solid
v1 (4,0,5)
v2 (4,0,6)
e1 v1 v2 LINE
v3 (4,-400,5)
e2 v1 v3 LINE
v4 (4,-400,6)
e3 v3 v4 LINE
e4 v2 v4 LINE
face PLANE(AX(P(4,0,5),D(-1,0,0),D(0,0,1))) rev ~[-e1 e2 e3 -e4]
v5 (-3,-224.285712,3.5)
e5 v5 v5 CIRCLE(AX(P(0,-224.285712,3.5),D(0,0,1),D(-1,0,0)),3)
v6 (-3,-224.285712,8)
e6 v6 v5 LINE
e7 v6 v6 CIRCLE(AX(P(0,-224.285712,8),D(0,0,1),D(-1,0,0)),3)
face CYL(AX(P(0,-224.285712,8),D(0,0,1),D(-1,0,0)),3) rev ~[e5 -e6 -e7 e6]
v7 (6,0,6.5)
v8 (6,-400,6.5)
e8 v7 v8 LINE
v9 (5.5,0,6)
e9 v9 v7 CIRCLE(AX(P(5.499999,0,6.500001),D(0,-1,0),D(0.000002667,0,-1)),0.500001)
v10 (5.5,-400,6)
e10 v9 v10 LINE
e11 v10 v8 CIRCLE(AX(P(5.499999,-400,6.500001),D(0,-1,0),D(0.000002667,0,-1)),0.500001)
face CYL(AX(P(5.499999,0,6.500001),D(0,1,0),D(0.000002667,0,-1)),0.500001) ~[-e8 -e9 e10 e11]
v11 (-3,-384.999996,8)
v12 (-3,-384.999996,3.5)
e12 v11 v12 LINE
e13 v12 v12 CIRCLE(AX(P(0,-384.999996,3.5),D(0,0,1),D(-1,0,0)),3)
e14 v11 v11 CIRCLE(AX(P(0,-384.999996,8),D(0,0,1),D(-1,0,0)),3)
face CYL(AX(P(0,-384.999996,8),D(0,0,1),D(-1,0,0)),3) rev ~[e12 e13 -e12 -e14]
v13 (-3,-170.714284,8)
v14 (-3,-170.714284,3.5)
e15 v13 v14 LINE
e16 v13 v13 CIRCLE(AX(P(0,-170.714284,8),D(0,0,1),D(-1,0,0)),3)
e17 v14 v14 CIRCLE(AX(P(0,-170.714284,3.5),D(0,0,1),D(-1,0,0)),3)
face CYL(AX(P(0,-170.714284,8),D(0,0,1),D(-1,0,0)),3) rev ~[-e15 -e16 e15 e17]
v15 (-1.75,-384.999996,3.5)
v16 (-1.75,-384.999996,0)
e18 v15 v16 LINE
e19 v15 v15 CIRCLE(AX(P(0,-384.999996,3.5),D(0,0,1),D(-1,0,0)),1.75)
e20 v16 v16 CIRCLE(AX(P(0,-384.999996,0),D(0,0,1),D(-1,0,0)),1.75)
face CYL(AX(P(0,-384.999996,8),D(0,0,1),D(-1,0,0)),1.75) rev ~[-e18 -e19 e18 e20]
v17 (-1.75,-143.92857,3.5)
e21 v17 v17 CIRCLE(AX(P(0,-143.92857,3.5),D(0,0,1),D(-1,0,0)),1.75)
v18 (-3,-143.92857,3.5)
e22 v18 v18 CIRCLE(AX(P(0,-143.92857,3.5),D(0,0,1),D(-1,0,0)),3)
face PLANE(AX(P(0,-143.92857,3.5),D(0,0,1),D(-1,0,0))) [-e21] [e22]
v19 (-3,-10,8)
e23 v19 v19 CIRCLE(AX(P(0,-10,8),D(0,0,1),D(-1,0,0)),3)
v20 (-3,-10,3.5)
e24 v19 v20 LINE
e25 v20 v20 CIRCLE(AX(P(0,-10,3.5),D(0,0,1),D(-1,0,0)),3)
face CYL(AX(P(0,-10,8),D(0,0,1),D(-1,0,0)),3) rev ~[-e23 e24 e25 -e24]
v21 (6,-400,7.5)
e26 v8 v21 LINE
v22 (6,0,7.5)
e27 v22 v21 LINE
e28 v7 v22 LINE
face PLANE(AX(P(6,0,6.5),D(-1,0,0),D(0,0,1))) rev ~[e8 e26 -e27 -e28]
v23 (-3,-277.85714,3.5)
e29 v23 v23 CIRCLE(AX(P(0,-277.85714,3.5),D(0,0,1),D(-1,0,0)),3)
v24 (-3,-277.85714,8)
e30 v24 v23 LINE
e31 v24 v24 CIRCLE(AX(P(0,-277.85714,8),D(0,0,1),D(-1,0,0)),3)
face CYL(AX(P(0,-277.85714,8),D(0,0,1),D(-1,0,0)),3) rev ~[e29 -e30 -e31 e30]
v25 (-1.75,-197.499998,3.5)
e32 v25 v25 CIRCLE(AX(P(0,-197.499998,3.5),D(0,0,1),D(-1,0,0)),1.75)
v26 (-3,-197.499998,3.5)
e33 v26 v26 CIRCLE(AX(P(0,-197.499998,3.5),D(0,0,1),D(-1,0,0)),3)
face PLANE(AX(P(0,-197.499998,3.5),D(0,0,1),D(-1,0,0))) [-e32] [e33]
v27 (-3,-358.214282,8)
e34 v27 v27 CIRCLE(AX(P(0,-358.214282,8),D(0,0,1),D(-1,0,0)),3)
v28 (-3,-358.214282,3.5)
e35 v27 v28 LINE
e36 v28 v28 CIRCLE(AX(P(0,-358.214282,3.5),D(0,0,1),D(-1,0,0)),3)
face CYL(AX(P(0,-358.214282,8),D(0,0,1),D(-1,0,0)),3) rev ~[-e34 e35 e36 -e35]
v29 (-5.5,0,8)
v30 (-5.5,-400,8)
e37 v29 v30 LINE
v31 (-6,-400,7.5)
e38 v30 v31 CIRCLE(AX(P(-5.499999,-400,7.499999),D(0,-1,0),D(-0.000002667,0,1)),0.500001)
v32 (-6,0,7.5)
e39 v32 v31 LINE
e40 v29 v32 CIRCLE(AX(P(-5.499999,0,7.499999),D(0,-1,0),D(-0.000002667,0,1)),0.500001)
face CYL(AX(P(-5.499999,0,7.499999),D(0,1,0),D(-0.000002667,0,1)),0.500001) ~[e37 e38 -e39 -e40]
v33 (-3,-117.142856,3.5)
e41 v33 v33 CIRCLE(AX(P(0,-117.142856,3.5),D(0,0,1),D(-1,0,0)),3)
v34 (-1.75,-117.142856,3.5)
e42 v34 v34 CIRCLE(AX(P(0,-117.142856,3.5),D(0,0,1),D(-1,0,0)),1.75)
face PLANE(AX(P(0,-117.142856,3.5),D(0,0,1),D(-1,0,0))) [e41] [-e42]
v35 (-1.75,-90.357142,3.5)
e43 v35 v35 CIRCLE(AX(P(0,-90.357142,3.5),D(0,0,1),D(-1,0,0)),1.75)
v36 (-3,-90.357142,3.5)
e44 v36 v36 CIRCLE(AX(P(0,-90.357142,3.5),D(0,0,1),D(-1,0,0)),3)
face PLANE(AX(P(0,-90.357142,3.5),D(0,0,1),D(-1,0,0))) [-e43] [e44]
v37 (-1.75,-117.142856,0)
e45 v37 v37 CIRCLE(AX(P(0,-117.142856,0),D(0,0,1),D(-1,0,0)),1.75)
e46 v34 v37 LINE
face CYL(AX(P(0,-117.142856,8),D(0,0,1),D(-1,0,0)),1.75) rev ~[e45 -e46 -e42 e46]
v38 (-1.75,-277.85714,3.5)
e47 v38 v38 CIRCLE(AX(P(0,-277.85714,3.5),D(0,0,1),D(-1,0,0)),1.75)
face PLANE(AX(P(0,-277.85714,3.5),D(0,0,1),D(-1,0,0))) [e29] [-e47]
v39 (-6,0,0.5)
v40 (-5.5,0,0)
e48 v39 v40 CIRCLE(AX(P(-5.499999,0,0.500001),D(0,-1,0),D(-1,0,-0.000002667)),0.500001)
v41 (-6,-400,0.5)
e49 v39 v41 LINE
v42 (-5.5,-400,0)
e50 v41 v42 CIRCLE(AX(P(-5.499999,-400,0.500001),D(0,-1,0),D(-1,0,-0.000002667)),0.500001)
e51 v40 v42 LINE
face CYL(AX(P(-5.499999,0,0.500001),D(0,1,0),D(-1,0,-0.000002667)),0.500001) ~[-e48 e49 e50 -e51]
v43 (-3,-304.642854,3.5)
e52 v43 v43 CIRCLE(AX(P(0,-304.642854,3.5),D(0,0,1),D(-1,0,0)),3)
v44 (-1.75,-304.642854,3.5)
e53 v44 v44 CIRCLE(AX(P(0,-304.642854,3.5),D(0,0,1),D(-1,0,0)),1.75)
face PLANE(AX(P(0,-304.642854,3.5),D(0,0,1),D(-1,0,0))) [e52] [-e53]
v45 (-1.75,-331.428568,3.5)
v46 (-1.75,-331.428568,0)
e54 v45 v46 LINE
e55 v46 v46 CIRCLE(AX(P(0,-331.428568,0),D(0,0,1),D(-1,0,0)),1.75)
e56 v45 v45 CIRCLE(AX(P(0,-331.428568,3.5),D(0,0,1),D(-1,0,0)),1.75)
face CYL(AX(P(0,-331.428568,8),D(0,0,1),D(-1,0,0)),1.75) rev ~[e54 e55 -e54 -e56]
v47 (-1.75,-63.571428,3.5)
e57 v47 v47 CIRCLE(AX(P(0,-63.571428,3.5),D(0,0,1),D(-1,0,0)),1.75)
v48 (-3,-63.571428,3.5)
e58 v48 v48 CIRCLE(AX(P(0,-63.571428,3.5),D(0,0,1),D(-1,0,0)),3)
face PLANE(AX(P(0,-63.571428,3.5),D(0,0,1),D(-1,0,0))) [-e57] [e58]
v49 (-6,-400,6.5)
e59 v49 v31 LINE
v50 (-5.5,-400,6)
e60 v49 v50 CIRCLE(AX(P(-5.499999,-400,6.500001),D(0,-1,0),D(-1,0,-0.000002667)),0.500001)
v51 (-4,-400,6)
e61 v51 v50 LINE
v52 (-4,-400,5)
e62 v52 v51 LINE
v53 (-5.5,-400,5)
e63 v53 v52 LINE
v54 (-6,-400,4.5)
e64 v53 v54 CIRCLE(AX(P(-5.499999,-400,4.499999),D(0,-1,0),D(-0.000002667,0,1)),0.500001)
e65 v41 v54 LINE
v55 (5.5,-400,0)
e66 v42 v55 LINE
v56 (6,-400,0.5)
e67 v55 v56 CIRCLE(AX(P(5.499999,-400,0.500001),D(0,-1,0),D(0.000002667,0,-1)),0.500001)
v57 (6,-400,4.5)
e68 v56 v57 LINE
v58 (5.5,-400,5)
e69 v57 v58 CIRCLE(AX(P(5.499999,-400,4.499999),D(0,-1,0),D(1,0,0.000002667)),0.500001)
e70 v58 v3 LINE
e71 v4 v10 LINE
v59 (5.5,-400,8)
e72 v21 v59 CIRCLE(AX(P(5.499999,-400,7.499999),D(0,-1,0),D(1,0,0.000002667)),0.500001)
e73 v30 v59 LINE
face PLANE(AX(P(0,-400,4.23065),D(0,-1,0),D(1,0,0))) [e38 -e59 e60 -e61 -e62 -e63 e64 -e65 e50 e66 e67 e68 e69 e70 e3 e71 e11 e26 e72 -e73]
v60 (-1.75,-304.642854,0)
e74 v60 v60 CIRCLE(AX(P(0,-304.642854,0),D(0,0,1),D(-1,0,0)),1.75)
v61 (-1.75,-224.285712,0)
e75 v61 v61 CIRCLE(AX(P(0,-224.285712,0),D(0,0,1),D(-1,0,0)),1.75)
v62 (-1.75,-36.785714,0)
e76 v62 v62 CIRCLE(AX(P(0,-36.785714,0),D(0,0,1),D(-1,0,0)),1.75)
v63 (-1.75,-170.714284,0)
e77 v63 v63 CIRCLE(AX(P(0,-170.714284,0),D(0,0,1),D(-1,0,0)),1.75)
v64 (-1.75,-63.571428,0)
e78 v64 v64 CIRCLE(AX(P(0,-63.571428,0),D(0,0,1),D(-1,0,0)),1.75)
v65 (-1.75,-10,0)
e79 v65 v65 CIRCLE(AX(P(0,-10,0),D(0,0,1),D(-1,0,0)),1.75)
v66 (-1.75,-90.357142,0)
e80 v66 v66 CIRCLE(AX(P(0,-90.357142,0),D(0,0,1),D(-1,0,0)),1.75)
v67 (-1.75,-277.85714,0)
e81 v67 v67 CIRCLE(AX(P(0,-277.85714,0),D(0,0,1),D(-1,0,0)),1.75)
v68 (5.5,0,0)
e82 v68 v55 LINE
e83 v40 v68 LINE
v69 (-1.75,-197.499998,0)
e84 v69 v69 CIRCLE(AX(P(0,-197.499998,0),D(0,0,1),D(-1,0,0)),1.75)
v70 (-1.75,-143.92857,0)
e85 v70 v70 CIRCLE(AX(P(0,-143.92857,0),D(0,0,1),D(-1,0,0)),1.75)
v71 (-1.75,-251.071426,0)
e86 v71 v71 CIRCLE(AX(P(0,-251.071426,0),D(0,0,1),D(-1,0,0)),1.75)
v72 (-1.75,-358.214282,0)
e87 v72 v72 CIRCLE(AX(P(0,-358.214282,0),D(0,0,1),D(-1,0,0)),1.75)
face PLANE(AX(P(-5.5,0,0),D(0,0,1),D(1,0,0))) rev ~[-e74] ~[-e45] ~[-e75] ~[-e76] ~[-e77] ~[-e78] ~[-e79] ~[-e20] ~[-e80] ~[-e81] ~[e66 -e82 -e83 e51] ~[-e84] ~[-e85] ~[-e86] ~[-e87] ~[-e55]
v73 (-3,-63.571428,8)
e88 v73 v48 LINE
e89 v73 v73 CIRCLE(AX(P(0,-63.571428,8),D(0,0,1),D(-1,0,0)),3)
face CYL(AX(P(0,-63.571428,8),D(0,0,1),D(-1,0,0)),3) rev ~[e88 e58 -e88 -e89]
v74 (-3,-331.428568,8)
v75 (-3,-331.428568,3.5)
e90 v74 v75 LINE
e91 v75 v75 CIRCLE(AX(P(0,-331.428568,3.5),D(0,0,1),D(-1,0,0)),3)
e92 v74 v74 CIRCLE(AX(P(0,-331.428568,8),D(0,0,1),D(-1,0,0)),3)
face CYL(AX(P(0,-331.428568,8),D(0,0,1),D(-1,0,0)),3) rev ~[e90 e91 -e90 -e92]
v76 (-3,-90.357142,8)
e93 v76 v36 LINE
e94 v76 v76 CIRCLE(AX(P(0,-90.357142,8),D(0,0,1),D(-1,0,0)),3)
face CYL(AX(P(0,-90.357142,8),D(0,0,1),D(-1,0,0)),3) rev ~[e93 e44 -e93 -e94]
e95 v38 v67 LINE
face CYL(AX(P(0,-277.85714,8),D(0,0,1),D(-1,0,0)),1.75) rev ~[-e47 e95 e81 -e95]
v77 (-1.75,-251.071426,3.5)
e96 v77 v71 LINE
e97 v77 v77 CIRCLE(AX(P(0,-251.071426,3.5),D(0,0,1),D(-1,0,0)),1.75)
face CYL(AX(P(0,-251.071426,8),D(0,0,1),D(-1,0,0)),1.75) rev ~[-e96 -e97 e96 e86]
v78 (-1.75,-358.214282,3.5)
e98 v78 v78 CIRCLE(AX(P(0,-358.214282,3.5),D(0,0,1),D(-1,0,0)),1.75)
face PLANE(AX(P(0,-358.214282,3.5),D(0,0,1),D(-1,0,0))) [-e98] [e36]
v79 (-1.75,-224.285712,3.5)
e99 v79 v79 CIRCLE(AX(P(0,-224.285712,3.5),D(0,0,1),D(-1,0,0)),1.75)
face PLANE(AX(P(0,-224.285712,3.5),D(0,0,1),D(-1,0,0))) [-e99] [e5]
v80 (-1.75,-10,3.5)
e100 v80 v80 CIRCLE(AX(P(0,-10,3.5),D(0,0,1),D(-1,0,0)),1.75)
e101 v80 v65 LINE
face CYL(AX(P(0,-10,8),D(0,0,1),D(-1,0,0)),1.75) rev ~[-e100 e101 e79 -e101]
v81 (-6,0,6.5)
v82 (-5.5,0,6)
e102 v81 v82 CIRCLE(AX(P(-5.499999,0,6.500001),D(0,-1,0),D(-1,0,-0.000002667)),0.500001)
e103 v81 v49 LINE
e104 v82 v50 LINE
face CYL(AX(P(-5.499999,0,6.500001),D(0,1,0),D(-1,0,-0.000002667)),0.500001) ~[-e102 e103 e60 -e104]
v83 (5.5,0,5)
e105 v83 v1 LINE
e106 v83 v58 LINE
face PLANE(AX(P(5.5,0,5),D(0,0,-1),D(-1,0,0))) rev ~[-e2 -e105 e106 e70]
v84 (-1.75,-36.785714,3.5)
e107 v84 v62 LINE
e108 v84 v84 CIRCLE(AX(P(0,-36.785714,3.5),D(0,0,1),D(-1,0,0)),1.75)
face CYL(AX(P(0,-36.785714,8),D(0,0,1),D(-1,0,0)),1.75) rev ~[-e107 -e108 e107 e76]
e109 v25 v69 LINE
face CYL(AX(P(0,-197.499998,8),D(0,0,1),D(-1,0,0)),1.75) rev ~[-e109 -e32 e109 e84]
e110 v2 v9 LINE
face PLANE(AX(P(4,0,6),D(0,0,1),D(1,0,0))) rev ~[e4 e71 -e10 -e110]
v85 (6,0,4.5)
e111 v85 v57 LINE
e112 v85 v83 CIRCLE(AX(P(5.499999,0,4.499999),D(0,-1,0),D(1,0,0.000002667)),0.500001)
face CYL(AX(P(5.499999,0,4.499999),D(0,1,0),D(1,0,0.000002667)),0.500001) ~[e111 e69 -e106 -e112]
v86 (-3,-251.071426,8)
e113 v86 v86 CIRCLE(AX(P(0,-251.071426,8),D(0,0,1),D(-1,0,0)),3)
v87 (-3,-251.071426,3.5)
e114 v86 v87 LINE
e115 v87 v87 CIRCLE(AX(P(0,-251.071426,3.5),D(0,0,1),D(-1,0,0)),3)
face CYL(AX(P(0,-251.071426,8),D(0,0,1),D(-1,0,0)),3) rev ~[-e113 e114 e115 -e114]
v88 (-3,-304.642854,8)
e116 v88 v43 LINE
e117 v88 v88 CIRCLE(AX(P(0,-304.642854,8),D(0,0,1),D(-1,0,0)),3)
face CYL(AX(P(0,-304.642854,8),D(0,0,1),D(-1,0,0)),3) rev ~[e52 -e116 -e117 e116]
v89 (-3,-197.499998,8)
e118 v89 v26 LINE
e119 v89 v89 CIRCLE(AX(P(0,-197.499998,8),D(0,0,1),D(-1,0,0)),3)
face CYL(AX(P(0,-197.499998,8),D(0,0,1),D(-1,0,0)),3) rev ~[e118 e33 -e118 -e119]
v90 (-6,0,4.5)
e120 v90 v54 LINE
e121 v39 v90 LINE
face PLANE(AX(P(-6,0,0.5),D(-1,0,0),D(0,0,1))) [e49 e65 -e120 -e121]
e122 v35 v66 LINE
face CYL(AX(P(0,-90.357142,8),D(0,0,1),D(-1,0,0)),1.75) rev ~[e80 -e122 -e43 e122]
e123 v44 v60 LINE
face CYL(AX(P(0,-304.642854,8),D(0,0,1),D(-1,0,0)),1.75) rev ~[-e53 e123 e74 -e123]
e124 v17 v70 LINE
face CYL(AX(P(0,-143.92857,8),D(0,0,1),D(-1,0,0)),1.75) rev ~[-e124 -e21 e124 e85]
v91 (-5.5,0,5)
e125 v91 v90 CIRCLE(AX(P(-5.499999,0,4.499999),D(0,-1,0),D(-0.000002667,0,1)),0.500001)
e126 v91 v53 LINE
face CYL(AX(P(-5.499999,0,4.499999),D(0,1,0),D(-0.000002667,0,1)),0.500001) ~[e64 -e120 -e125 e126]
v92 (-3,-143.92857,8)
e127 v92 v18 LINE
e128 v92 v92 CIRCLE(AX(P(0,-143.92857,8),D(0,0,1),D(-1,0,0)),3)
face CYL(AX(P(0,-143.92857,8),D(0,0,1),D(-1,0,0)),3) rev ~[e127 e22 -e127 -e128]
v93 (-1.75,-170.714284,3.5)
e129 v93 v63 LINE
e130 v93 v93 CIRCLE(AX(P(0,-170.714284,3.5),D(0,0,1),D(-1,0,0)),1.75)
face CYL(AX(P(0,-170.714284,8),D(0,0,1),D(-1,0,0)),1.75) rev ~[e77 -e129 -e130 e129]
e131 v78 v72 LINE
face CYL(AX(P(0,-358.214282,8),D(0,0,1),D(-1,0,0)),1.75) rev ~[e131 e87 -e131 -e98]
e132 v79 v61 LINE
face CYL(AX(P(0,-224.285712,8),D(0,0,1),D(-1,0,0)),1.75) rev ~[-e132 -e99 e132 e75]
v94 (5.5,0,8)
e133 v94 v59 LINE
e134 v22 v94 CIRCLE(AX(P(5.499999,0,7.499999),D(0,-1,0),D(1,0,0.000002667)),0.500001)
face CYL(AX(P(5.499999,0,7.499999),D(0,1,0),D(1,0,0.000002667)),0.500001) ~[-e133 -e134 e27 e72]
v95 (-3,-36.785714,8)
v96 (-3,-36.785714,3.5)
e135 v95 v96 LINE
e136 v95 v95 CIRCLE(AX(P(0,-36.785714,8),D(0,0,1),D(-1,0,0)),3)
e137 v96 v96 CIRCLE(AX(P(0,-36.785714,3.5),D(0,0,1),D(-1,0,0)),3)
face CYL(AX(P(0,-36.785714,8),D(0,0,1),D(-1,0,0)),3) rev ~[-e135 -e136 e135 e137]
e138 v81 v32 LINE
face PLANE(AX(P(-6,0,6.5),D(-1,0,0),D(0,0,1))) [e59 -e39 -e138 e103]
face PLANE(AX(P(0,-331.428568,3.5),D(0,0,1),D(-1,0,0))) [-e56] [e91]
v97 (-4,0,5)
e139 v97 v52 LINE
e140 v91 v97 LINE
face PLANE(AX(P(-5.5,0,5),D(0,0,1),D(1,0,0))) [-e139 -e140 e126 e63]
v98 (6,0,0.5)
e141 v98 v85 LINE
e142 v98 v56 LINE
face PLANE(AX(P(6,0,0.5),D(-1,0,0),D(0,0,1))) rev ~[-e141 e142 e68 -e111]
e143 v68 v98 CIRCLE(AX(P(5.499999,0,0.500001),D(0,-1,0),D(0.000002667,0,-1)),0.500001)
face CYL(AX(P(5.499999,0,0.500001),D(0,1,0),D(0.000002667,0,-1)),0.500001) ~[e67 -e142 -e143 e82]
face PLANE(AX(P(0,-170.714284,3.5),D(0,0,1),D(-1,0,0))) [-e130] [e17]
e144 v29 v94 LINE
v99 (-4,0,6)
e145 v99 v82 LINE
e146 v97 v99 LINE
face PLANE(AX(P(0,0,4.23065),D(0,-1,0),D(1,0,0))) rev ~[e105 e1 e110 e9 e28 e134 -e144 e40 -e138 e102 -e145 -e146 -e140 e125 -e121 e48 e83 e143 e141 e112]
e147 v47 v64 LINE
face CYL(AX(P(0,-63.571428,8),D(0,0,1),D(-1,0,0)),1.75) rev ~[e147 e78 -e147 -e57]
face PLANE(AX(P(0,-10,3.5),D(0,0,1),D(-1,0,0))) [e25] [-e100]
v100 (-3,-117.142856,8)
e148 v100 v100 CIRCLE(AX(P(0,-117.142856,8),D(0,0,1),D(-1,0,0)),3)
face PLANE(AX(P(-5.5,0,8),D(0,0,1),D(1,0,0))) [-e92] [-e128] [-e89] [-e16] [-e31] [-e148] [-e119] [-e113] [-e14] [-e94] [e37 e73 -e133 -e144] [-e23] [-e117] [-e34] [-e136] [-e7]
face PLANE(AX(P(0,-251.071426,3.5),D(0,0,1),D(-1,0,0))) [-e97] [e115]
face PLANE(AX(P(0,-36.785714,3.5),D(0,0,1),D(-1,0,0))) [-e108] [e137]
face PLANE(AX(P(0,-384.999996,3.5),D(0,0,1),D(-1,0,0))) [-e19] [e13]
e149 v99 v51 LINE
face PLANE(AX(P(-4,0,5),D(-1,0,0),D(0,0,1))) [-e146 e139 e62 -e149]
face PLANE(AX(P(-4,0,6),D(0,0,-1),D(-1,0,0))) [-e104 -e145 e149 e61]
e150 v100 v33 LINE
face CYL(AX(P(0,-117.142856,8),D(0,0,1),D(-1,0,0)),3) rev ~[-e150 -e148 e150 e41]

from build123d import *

# Parameters (mm, degrees)
PAD_DEPTH           = 400
SKETCH001_R         = 3
POCKET_DEPTH        = 4.5
SKETCH002_R         = 1.75
POCKET001_DEPTH     = 8.001
LINEARPATTERN_COUNT = 15
LINEARPATTERN_PITCH = 26.785714


with BuildPart() as part:
    # Sketch → Pad (new body)
    with BuildSketch(Plane.XZ):
        with BuildLine():
            Line((-5.5, 0), (5.5, 0))
            ThreePointArc((5.5, 0), (5.853553, 0.146447), (6, 0.5))
            Line((6, 0.5), (6, 4.5))
            ThreePointArc((6, 4.5), (5.853553, 4.853553), (5.5, 5))
            Line((5.5, 5), (4, 5))
            Line((4, 5), (4, 6))
            Line((4, 6), (5.5, 6))
            ThreePointArc((5.5, 6), (5.853553, 6.146447), (6, 6.5))
            Line((6, 6.5), (6, 7.5))
            ThreePointArc((6, 7.5), (5.853553, 7.853553), (5.5, 8))
            Line((-5.5, 8), (5.5, 8))
            ThreePointArc((-5.5, 8), (-5.853553, 7.853553), (-6, 7.5))
            Line((-6, 6.5), (-6, 7.5))
            ThreePointArc((-6, 6.5), (-5.853553, 6.146447), (-5.5, 6))
            Line((-4, 6), (-5.5, 6))
            Line((-4, 5), (-4, 6))
            Line((-5.5, 5), (-4, 5))
            ThreePointArc((-5.5, 5), (-5.853553, 4.853553), (-6, 4.5))
            Line((-6, 0.5), (-6, 4.5))
            ThreePointArc((-6, 0.5), (-5.853553, 0.146447), (-5.5, 0))
        make_face()
    extrude(amount=PAD_DEPTH)

    # Sketch001 (on Face12 of Pad) → Pocket (cut)
    with BuildSketch(Plane(origin=(0, 0, 8), x_dir=(-1, 0, 0), z_dir=(0, 0, 1))):
        with Locations((0, 10)):
            Circle(SKETCH001_R)
    pocket = extrude(amount=-POCKET_DEPTH, mode=Mode.SUBTRACT)

    # Sketch002 (on Face16 of Pocket) → Pocket001 (cut, through all)
    with BuildSketch(Plane(origin=(0, 0, 8), x_dir=(-1, 0, 0), z_dir=(0, 0, 1))):
        with Locations((0, 10)):
            Circle(SKETCH002_R)
    pocket001 = extrude(amount=-POCKET001_DEPTH, mode=Mode.SUBTRACT)

    # LinearPattern: Pocket, Pocket001 ×15
    with Locations(*[(0, -i * LINEARPATTERN_PITCH, 0) for i in range(1, LINEARPATTERN_COUNT)]):
        add(pocket, mode=Mode.SUBTRACT)
        add(pocket001, mode=Mode.SUBTRACT)


solid = part.part
